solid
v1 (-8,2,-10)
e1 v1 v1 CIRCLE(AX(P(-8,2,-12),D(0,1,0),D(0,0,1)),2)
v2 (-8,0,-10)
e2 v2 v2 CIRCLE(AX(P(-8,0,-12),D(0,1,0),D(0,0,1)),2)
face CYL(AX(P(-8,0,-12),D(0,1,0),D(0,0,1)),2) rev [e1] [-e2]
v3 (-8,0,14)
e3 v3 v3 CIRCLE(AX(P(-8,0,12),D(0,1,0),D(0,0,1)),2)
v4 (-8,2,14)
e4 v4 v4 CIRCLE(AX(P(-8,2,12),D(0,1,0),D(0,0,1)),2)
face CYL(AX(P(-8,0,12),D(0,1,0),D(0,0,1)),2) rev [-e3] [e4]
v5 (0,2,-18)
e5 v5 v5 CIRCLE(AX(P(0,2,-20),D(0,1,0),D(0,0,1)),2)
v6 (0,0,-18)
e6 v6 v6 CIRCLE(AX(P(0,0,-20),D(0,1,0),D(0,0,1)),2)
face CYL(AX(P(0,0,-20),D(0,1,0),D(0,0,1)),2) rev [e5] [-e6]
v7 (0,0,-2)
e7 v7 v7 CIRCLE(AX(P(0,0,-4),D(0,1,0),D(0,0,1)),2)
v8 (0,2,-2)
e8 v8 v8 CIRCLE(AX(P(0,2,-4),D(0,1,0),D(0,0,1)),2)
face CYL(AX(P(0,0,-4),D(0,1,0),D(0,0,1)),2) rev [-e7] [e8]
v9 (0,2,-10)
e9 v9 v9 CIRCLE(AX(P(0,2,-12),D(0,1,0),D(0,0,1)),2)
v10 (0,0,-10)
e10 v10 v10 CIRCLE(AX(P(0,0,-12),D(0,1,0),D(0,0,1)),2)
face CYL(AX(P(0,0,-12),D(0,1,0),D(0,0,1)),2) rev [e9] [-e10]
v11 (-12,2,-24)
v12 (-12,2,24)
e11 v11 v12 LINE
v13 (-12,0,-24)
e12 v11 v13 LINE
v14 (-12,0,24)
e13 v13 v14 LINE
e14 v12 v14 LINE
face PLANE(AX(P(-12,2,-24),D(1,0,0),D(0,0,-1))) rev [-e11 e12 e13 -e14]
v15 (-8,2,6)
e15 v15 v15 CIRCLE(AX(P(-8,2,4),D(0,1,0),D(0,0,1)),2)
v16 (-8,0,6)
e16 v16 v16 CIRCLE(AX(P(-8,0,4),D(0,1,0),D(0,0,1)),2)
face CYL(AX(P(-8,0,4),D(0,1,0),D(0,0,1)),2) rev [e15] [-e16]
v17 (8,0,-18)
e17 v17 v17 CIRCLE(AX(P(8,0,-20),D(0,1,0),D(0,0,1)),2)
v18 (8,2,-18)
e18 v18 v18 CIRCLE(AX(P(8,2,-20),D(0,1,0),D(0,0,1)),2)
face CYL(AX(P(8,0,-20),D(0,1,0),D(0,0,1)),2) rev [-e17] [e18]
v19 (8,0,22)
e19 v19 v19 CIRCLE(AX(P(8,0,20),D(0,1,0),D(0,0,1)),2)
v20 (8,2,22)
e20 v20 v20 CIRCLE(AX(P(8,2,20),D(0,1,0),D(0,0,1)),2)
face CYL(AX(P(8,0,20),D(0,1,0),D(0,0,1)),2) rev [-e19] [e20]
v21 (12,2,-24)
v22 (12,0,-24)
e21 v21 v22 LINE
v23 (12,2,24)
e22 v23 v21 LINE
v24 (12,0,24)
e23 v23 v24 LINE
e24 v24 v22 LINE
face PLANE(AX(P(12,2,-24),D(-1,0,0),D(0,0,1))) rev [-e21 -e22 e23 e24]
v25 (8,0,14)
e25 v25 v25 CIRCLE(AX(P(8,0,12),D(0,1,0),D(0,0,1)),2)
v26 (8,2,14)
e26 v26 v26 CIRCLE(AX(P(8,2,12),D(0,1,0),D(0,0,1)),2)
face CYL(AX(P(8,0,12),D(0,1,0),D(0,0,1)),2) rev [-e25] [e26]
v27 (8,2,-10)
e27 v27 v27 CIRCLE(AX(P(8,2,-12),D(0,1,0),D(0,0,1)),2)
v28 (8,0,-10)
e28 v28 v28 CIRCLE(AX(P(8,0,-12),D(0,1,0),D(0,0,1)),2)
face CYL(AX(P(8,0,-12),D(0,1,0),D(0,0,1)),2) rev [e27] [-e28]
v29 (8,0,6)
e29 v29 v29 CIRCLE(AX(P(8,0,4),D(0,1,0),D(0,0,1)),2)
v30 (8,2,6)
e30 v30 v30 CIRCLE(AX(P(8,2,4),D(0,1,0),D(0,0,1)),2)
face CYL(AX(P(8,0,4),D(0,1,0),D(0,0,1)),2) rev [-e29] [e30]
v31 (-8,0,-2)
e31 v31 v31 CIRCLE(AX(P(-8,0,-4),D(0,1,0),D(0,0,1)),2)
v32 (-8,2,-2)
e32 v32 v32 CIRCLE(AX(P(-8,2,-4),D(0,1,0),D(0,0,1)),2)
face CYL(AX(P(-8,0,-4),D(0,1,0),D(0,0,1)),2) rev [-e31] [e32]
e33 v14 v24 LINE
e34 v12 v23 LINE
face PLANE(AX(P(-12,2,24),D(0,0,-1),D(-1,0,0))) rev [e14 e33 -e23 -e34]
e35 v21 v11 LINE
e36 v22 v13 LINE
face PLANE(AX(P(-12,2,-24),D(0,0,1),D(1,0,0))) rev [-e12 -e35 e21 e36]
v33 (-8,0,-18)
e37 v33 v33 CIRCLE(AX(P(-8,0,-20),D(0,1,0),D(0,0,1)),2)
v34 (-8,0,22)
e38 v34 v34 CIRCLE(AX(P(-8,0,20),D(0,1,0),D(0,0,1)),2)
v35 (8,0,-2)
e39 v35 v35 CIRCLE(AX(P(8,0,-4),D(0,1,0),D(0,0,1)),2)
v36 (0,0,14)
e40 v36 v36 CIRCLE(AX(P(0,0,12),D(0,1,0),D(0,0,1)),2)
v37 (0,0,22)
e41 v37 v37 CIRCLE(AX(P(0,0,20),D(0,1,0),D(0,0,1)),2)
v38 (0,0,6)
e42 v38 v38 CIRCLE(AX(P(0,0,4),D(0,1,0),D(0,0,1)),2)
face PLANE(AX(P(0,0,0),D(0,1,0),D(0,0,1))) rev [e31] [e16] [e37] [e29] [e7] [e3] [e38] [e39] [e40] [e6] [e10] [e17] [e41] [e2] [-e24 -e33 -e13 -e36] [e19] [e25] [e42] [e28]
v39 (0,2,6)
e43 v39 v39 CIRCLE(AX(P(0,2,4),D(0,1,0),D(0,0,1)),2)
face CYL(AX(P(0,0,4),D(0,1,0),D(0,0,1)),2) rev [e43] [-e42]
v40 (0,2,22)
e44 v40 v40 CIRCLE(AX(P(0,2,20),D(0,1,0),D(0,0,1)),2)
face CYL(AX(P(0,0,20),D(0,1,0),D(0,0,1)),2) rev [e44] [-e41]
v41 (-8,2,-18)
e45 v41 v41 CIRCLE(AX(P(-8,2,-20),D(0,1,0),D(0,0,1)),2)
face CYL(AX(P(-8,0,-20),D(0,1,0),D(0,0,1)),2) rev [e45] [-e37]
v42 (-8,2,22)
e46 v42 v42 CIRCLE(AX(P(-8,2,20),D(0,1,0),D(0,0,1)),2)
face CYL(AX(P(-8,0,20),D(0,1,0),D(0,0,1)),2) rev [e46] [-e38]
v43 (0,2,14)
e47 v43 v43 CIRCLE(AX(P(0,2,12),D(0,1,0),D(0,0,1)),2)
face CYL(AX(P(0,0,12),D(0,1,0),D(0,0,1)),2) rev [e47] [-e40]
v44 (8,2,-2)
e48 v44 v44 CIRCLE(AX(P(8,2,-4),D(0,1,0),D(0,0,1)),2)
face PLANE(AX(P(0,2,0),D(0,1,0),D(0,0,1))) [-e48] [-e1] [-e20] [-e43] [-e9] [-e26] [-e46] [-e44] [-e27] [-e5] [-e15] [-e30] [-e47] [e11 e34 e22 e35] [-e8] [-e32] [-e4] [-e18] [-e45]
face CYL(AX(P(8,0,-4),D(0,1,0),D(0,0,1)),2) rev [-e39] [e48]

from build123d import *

# Parameters (mm, degrees)
SKETCH1_W            = 24
SKETCH1_H            = 48
BOSS_EXTRUDE1_DEPTH  = 2
SKETCH2_R            = 2
CUT_EXTRUDE1_DEPTH   = 2
LPATTERN1_COUNT      = 3
LPATTERN1_PITCH      = 8
LPATTERN1_COUNT_DIR2 = 6
LPATTERN1_PITCH_DIR2 = 8


with BuildPart() as part:
    # Sketch1 → Boss-Extrude1 (new body)
    with BuildSketch(Plane(origin=(0, 0, 0), x_dir=(1, 0, 0), z_dir=(0, 1, 0))):
        Rectangle(SKETCH1_W, SKETCH1_H)
    extrude(amount=BOSS_EXTRUDE1_DEPTH)

    # Sketch2 → Cut-Extrude1 (cut)
    with BuildSketch(Plane(origin=(0, 2, 0), x_dir=(1, 0, 0), z_dir=(0, 1, 0))):
        with Locations(Location((-8, 20, 0), (0, 0, 270))):
            Circle(SKETCH2_R)
    cut_extrude1 = extrude(amount=-CUT_EXTRUDE1_DEPTH, mode=Mode.SUBTRACT)

    # LPattern1: Cut-Extrude1 3 × 6
    with Locations(*[(i * LPATTERN1_PITCH, 0, j * LPATTERN1_PITCH_DIR2) for i in range(LPATTERN1_COUNT) for j in range(LPATTERN1_COUNT_DIR2) if (i, j) != (0, 0)]):
        add(cut_extrude1, mode=Mode.SUBTRACT)


solid = part.part
